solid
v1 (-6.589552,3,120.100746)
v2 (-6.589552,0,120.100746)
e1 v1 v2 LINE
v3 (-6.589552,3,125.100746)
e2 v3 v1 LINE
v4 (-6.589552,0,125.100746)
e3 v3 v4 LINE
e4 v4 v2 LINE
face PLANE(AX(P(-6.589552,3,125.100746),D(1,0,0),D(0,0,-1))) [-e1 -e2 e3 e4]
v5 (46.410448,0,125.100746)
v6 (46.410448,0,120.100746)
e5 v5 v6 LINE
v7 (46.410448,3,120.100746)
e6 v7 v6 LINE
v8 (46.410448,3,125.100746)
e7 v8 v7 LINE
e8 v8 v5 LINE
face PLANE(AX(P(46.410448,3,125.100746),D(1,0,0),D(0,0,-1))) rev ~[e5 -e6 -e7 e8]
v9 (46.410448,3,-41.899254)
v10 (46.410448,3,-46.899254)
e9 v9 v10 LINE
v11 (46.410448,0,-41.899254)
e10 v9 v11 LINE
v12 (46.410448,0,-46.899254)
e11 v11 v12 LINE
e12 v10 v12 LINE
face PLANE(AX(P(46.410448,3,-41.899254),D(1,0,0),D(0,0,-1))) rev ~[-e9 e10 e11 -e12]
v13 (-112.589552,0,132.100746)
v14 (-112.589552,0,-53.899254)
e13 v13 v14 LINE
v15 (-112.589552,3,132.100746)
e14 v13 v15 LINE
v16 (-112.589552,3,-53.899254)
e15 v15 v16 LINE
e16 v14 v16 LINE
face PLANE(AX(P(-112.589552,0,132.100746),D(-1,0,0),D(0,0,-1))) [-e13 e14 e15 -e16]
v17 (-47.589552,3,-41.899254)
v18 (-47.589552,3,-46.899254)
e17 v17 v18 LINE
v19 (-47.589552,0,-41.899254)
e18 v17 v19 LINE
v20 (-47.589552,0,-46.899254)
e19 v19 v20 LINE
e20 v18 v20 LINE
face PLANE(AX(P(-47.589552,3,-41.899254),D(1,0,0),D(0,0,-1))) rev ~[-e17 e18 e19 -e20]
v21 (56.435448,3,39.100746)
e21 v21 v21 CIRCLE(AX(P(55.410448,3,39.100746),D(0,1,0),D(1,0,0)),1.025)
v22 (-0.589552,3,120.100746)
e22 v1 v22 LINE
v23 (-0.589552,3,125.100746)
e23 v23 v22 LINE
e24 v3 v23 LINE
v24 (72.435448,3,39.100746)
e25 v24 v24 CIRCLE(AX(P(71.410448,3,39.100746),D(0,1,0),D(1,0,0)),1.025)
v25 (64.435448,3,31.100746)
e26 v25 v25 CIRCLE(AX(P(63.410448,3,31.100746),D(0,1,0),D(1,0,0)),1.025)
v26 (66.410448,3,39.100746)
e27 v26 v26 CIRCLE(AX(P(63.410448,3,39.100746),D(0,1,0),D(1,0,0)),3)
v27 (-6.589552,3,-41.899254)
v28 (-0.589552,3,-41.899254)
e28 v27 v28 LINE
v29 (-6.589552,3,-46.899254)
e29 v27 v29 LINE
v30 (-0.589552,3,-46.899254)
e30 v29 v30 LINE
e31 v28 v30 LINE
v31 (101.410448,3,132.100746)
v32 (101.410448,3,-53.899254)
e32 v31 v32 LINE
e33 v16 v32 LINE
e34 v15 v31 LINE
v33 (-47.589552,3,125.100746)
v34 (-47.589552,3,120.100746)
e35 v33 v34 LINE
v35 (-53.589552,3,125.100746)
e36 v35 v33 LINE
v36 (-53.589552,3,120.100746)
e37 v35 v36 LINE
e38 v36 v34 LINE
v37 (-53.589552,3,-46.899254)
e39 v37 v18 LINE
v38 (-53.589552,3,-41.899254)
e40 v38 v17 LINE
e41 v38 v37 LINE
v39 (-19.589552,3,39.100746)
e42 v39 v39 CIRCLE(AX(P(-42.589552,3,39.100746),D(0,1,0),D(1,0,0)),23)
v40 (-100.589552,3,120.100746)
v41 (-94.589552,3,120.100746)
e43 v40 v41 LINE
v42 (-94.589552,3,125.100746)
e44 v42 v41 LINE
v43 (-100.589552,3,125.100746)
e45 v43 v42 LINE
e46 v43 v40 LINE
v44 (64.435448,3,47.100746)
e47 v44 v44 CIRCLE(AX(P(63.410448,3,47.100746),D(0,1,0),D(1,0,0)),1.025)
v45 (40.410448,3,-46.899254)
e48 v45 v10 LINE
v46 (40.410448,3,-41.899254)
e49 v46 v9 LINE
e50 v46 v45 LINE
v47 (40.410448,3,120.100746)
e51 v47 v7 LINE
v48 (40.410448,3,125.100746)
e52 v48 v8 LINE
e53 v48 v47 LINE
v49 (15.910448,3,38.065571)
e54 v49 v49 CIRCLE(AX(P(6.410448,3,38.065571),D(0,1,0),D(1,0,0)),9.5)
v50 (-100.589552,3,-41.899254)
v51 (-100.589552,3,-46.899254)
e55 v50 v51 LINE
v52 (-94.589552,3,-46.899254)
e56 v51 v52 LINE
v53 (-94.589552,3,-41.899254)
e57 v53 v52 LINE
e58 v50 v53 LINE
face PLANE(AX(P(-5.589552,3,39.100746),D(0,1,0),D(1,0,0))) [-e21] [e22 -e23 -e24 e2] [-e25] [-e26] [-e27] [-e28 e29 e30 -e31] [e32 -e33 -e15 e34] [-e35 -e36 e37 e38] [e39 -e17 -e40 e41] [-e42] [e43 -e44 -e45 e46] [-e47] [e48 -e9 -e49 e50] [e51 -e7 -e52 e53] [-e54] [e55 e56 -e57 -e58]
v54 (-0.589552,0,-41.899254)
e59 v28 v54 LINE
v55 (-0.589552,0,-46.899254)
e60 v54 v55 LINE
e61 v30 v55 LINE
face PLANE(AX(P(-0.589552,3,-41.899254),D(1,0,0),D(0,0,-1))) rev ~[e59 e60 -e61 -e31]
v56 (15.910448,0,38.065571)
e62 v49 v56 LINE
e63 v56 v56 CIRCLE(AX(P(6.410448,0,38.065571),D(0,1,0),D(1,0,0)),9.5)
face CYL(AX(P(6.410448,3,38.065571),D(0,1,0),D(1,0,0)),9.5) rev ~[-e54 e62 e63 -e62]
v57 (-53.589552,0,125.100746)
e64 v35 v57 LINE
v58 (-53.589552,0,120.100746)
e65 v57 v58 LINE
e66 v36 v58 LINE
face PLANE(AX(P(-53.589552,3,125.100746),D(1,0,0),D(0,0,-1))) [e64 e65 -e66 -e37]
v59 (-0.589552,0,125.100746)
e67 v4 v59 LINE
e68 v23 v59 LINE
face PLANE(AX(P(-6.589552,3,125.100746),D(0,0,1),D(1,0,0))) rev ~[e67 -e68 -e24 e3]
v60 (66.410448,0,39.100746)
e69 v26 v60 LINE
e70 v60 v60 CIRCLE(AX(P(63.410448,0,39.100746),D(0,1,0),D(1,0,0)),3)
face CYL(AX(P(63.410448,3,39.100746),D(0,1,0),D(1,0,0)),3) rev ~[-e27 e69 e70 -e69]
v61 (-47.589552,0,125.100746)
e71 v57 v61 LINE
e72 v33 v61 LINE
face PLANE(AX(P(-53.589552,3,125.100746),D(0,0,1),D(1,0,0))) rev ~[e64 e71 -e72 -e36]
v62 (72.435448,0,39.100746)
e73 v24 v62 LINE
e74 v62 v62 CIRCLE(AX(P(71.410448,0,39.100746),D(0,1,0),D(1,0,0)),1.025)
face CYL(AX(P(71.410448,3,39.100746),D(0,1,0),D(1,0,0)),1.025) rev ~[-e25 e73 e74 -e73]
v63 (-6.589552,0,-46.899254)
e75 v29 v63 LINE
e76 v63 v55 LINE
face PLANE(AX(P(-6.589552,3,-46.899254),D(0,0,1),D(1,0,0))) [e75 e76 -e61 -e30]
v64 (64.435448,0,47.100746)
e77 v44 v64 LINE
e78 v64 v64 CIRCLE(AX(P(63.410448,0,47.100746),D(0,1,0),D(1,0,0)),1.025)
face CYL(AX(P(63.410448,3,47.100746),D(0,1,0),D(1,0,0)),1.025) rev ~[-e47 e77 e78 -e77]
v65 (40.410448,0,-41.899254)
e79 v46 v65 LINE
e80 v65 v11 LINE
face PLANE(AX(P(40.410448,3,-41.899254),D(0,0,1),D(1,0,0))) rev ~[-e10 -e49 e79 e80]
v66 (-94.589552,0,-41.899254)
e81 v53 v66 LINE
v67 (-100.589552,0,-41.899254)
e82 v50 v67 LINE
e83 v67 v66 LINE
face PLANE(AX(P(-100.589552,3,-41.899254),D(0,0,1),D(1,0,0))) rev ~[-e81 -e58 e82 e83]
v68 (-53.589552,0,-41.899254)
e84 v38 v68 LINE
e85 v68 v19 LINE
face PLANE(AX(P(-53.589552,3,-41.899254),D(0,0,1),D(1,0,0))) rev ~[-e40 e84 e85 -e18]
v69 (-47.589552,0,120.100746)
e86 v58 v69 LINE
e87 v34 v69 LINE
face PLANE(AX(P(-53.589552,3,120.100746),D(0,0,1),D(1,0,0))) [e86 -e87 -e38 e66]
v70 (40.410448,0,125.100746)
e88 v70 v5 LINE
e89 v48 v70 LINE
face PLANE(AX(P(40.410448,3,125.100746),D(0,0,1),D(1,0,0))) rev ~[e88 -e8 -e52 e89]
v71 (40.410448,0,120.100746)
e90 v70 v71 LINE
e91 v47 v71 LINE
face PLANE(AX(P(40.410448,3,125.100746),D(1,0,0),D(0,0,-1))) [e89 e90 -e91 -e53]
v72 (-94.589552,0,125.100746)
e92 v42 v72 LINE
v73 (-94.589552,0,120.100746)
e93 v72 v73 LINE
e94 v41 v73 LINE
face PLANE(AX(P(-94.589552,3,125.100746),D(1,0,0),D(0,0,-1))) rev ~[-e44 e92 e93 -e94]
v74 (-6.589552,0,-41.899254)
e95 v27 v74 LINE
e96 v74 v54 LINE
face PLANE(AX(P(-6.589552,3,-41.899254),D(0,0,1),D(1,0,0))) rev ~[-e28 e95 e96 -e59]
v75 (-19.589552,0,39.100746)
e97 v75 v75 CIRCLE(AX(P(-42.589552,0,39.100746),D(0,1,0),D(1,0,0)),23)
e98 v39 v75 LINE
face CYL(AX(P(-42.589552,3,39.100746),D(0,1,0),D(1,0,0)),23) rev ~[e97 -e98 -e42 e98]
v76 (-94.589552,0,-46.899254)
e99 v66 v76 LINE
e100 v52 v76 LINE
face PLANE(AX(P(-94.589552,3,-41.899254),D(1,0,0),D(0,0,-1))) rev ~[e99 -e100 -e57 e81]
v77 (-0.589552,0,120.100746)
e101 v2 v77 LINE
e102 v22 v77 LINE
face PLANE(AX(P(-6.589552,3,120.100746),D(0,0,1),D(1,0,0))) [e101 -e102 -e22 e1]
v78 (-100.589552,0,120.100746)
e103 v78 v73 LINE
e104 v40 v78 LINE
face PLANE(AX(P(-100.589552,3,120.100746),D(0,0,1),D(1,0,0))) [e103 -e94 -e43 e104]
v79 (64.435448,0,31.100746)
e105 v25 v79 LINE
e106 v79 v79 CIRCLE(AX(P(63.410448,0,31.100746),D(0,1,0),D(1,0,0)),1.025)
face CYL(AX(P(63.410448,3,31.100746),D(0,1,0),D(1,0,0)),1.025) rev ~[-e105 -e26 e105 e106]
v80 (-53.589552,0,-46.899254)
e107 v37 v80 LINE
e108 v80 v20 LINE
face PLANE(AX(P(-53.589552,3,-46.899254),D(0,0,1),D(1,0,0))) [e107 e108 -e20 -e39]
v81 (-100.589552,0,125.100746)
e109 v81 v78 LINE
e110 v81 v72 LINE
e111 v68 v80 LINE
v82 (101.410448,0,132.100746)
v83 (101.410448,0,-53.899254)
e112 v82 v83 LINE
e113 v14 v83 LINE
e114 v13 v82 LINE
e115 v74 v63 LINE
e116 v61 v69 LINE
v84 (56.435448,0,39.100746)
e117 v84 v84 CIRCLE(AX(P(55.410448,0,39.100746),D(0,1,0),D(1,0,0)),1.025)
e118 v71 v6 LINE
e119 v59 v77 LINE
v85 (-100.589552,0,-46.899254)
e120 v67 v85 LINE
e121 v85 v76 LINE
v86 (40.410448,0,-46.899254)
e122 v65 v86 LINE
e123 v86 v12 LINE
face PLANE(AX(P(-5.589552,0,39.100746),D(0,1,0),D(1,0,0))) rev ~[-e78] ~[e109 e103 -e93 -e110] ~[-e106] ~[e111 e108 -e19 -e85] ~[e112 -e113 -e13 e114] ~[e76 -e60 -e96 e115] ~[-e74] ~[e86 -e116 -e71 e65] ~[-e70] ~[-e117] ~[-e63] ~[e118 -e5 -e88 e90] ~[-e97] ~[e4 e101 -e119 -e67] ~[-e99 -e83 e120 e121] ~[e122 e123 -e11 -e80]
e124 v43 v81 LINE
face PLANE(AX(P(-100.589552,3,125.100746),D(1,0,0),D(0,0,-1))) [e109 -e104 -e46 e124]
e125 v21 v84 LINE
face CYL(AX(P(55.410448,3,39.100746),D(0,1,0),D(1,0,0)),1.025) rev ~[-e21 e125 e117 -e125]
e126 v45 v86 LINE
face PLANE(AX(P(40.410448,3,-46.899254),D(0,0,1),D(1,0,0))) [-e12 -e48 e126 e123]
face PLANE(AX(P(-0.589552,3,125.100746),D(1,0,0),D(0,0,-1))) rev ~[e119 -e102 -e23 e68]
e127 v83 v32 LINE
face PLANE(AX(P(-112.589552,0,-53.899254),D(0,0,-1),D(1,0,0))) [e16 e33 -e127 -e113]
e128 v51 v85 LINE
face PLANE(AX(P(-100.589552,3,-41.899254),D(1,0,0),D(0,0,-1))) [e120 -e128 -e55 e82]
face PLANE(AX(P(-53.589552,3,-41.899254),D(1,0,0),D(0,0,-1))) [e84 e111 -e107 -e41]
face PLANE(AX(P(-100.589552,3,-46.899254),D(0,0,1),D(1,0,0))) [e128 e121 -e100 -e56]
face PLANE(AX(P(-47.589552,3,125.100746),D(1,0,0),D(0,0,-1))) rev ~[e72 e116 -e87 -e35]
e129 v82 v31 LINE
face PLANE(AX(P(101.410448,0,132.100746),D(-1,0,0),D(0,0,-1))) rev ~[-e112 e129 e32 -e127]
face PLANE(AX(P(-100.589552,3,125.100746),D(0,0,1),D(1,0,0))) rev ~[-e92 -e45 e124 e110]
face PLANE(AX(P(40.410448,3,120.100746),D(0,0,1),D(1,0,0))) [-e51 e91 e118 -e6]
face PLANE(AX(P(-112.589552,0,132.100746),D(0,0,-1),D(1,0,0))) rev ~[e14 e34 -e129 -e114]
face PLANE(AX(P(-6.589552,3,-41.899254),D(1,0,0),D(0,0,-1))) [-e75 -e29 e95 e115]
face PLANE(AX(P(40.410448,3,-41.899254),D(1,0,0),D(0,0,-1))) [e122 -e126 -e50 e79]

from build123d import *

# Parameters (mm, degrees)
SKETCH1_W           = 214
SKETCH1_H           = 186
BOSS_EXTRUDE1_DEPTH = 3
SKETCH2_R           = 23
SPEAKER_DEPTH       = 4
SKETCH4_R           = 3
SKETCH4_R_2         = 1.025
MOTOR_DEPTH         = 4
SKETCH6_W           = 6
SKETCH6_H           = 5
IZGARALAR_DEPTH     = 4
SKETCH7_R           = 9.5
MOTOR_KABLOSU_DEPTH = 4


with BuildPart() as part:
    # Sketch1 → Boss-Extrude1 (new body)
    with BuildSketch(Plane(origin=(0, 0, 0), x_dir=(1, 0, 0), z_dir=(0, 1, 0))):
        with Locations((-5.589552239, -39.100746269)):
            Rectangle(SKETCH1_W, SKETCH1_H)
    extrude(amount=BOSS_EXTRUDE1_DEPTH)

    # Sketch2 → Speaker (cut, through all)
    with BuildSketch(Plane(origin=(0, 3, 0), x_dir=(1, 0, 0), z_dir=(0, 1, 0))):
        with Locations((-42.589552239, -39.100746269)):
            Circle(SKETCH2_R)
    extrude(amount=-SPEAKER_DEPTH, mode=Mode.SUBTRACT)

    # Sketch4 → Motor (cut, through all)
    with BuildSketch(Plane(origin=(0, 3, 0), x_dir=(1, 0, 0), z_dir=(0, 1, 0))):
        with Locations((63.410447761, -39.100746269)):
            Circle(SKETCH4_R)
        with Locations((63.410447761, -31.100746269)):
            Circle(SKETCH4_R_2)
        with Locations((71.410447761, -39.100746269)):
            Circle(SKETCH4_R_2)
        with Locations((63.410447761, -47.100746269)):
            Circle(SKETCH4_R_2)
        with Locations((55.410447761, -39.100746269)):
            Circle(SKETCH4_R_2)
    extrude(amount=-MOTOR_DEPTH, mode=Mode.SUBTRACT)

    # Sketch6 → Izgaralar (cut, through all)
    with BuildSketch(Plane(origin=(0, 3, 0), x_dir=(1, 0, 0), z_dir=(0, 1, 0))):
        with Locations((-97.589552239, -122.600746269)):
            Rectangle(SKETCH6_W, SKETCH6_H)
        with Locations((-50.589552239, -122.600746269)):
            Rectangle(SKETCH6_W, SKETCH6_H)
        with Locations((-3.589552239, -122.600746269)):
            Rectangle(SKETCH6_W, SKETCH6_H)
        with Locations((-97.589552239, 44.399253731)):
            Rectangle(SKETCH6_W, SKETCH6_H)
        with Locations((-50.589552239, 44.399253731)):
            Rectangle(SKETCH6_W, SKETCH6_H)
        with Locations((-3.589552239, 44.399253731)):
            Rectangle(SKETCH6_W, SKETCH6_H)
        with Locations((43.410447761, -122.600746269)):
            Rectangle(SKETCH6_W, SKETCH6_H)
        with Locations((43.410447761, 44.399253731)):
            Rectangle(SKETCH6_W, SKETCH6_H)
    extrude(amount=-IZGARALAR_DEPTH, mode=Mode.SUBTRACT)

    # Sketch7 → Motor Kablosu (cut, through all)
    with BuildSketch(Plane(origin=(0, 3, 0), x_dir=(1, 0, 0), z_dir=(0, 1, 0))):
        with Locations((6.410447761, -38.065571016)):
            Circle(SKETCH7_R)
    extrude(amount=-MOTOR_KABLOSU_DEPTH, mode=Mode.SUBTRACT)


solid = part.part
